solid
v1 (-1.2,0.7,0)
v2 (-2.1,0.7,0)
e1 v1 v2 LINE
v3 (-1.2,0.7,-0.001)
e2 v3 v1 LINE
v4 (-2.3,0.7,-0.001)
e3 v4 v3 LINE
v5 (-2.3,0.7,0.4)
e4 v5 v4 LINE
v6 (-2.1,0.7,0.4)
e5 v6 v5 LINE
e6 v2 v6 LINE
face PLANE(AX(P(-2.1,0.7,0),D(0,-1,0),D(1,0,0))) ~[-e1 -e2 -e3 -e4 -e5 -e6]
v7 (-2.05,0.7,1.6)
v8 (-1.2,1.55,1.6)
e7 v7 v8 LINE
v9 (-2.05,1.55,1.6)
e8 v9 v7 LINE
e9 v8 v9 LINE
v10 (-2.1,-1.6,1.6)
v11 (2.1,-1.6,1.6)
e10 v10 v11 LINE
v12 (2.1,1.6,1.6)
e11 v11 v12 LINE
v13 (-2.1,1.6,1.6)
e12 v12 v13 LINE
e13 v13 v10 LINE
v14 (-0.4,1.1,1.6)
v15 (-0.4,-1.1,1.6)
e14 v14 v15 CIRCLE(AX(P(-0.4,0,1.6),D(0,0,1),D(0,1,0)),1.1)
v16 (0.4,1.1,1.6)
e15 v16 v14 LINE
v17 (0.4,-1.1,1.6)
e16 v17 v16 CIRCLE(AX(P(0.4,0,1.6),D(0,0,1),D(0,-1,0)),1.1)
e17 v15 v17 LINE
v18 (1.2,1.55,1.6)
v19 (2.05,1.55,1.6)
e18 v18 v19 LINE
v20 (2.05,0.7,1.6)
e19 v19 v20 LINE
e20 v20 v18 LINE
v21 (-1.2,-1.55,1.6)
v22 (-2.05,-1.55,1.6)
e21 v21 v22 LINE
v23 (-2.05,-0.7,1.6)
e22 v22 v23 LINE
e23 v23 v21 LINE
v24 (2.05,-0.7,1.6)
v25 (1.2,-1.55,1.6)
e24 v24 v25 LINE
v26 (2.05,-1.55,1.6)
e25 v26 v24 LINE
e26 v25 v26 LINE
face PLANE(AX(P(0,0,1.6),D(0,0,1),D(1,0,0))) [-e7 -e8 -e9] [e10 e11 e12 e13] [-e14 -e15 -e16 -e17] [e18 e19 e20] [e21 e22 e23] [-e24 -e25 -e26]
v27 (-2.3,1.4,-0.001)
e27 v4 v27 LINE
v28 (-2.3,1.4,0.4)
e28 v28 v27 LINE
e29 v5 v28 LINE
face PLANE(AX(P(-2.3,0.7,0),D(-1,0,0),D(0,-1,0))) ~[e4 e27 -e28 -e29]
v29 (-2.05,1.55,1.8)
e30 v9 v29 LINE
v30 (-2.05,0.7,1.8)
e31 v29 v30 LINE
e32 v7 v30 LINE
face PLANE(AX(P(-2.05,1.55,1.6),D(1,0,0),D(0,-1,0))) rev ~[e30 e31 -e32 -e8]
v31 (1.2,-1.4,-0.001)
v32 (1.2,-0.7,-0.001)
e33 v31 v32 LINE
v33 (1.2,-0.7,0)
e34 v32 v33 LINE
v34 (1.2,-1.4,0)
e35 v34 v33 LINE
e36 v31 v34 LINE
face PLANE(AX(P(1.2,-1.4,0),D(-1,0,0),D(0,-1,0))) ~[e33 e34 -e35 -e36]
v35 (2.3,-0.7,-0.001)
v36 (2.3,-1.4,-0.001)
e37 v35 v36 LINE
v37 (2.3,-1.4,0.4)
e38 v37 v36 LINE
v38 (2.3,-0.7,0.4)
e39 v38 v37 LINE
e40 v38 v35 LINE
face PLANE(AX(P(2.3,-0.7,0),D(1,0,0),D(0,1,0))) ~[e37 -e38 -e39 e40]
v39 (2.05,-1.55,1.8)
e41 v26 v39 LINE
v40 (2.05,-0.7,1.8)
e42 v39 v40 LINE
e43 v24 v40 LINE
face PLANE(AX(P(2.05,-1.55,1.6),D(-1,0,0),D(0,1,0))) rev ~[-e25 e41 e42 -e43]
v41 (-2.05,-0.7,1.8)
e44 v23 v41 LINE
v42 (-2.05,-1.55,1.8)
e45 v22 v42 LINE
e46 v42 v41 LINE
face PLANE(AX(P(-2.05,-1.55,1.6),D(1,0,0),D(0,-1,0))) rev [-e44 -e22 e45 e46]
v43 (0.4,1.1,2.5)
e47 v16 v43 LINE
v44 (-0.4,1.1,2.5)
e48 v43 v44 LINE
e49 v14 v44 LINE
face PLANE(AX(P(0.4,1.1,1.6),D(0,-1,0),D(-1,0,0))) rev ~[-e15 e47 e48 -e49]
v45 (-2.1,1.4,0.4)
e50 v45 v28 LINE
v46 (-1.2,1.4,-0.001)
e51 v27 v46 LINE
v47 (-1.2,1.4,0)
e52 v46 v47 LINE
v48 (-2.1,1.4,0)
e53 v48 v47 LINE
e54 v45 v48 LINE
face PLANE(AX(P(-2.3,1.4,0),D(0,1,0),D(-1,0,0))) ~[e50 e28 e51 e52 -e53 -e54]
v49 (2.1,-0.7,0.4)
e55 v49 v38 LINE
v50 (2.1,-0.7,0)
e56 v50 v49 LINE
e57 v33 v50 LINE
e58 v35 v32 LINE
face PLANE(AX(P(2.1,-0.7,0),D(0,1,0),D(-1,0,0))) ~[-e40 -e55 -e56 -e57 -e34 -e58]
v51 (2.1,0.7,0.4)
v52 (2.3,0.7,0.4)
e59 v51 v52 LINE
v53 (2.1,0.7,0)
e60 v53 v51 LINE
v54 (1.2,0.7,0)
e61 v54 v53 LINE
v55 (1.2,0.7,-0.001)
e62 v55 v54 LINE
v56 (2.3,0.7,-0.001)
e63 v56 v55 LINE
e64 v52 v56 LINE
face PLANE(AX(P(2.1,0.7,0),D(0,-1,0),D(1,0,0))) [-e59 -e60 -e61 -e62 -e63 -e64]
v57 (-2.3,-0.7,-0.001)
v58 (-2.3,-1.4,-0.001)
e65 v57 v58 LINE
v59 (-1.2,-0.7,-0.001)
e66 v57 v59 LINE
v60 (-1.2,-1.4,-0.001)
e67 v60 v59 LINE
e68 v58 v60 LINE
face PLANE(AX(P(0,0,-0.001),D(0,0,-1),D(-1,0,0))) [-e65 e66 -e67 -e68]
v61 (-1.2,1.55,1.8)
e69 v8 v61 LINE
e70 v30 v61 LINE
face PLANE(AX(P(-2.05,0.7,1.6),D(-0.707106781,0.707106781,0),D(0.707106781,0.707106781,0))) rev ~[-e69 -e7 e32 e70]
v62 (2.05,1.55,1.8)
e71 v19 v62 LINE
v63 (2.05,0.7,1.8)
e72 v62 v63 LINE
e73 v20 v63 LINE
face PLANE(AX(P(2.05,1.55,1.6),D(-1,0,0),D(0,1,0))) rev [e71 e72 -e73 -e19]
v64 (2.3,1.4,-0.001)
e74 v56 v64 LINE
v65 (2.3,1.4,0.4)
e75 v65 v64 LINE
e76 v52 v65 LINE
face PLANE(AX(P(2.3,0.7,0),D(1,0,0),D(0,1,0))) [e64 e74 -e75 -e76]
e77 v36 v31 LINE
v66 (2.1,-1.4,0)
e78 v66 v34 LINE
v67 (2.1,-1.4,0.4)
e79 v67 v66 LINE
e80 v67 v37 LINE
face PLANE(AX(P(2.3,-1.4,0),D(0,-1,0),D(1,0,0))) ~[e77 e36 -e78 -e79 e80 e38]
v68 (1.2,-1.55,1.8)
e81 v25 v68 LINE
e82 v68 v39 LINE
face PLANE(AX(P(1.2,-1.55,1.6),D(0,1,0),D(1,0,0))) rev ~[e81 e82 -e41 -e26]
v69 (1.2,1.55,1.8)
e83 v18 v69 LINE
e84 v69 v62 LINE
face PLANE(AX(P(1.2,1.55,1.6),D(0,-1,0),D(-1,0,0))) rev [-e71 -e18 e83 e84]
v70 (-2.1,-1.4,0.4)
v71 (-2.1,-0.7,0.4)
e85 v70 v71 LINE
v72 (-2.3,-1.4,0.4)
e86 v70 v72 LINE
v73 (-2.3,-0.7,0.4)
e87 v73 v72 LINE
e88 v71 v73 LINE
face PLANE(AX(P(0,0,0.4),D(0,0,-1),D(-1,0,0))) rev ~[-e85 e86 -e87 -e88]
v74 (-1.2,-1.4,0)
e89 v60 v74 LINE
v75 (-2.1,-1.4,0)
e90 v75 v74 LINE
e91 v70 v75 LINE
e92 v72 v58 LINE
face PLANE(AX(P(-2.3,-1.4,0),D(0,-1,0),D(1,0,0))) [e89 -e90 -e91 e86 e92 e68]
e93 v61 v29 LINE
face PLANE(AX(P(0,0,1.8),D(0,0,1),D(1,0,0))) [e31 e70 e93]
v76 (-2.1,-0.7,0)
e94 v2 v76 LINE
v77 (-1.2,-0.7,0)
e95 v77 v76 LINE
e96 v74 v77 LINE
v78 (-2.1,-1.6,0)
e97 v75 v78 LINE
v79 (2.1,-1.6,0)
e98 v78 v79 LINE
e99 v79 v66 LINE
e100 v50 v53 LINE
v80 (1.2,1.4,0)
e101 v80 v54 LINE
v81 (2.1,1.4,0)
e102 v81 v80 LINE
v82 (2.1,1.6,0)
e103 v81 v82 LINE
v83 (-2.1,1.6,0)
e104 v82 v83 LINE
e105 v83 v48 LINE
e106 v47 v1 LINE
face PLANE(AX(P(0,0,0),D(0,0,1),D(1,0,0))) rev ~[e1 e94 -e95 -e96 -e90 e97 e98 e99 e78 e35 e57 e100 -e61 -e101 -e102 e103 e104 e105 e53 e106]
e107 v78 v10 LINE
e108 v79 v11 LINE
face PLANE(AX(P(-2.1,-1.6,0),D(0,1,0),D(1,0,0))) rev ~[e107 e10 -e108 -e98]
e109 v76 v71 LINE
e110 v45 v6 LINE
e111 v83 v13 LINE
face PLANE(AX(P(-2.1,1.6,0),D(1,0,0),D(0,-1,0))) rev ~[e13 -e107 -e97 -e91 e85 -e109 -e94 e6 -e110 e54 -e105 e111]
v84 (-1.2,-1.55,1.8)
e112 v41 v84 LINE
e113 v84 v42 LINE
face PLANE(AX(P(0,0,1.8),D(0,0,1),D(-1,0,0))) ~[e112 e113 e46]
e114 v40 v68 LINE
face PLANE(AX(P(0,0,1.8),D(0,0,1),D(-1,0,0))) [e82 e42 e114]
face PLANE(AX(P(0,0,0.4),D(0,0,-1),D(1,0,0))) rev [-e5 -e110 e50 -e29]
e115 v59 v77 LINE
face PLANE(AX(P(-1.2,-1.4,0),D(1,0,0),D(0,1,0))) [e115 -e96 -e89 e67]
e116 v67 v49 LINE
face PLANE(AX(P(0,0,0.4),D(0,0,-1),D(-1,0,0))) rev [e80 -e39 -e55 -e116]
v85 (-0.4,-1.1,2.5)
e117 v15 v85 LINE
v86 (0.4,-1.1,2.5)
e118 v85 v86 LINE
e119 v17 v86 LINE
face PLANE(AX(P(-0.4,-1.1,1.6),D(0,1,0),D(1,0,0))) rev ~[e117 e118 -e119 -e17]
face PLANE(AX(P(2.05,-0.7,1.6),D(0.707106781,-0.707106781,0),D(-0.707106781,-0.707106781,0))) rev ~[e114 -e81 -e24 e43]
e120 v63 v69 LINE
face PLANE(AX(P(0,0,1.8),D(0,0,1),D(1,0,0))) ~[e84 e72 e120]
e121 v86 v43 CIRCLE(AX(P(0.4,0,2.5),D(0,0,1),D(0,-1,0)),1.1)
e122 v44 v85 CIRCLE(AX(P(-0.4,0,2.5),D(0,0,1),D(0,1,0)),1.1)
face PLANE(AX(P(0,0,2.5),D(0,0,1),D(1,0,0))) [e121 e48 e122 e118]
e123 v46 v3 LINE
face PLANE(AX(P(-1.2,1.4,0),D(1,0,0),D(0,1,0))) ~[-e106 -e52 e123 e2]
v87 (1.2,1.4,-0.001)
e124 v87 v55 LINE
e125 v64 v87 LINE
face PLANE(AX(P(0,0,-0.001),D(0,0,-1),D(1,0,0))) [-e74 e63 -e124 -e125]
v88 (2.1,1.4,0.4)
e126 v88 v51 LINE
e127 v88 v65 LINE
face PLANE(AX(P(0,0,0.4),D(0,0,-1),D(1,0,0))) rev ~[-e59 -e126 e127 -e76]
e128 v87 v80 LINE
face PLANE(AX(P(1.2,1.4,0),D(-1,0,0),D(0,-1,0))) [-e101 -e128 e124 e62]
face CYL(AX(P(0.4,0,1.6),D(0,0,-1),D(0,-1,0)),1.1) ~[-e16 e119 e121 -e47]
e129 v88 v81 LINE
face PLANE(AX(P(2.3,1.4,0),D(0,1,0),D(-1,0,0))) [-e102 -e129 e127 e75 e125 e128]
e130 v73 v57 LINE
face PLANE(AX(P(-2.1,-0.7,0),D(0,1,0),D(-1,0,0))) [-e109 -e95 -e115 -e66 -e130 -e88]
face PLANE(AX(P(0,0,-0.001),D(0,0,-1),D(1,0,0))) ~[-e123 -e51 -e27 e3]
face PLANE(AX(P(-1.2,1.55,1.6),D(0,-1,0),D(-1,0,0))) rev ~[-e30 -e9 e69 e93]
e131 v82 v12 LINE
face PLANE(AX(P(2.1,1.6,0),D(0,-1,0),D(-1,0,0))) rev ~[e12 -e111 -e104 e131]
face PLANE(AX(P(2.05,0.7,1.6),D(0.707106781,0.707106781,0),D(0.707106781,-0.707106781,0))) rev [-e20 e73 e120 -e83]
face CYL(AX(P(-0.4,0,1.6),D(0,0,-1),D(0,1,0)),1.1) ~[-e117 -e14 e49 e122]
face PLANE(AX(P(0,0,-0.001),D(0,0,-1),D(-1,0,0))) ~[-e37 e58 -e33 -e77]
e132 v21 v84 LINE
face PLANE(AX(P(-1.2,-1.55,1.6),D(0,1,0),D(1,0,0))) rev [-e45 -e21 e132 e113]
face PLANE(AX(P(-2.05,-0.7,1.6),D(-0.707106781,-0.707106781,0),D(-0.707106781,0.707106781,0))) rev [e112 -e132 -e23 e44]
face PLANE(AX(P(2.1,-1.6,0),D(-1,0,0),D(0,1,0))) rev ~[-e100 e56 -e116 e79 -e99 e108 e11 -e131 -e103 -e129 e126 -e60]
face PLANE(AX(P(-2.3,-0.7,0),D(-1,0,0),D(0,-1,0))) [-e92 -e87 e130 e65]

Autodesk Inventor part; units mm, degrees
ref_plane "YZ Plane" through (0, 0, 0) normal (1, 0, 0) x (0, 1, 0)
ref_plane "XZ Plane" through (0, 0, 0) normal (0, 1, 0) x (-1, 0, 0)
ref_plane "XY Plane" through (0, 0, 0) normal (0, 0, 1) x (1, 0, 0)
sketch "スケッチ1" plane through (0, 0, 0) normal (0, 0, 1) x (1, 0, 0)
  line L0 (-2.1, -1.6) -> (2.1, -1.6)
  line L1 (2.1, -1.6) -> (2.1, 1.6)
  line L2 (2.1, 1.6) -> (-2.1, 1.6)
  line L3 (-2.1, 1.6) -> (-2.1, -1.6)
  line L4 (-2.1, -1.6) -> (2.1, 1.6) construction
  line L5 (2.1, -1.6) -> (-2.1, 1.6) construction
  point P0 (0, 0)
  point P1 (0, 0)
  point P2 (0, 0)
  dimension "d0" = 4.2
  dimension "d1" = 3.2
extrude "押し出し1" add sketch "スケッチ1" along normal blind 1.6
sketch "スケッチ2" plane through (0, 0, 1.6) normal (0, 0, 1) x (1, 0, 0)
  line L0 (-0.4, 0) -> (0.4, 0) construction
  line L1 (-0.4, -1.1) -> (0.4, -1.1)
  line L2 (0.4, 1.1) -> (-0.4, 1.1)
  arc A0 (-0.4, 1.1) -> (-0.4, -1.1) centre (-0.4, 0) ccw
  arc A1 (0.4, -1.1) -> (0.4, 1.1) centre (0.4, 0) ccw
  point P0 (0, 0)
  point P1 (0, 0)
  dimension "d4" = 2.2
  dimension "d5" = 3
extrude "押し出し2" add sketch "スケッチ2" along normal blind 0.9
sketch "スケッチ3" plane through (0, 0, 1.6) normal (0, 0, 1) x (1, 0, 0)
  line L0 (-2.05, 1.55) -> (-2.05, 0.7)
  line L1 (-2.05, 0.7) -> (-1.2, 1.55)
  line L2 (-1.2, 1.55) -> (-2.05, 1.55)
  line L3 (2.1, 1.6) -> (-2.1, 1.6) projected
  line L4 (-2.1, 1.6) -> (-2.1, -1.6) projected
  point P0 (0, 0)
  dimension "d8" = 0.05
  dimension "d9" = 0.05
  dimension "d10" = 0.7
extrude "押し出し3" add sketch "スケッチ3" along normal blind 0.2
mirror "ミラー1" about plane through (0, 0, 0) normal (1, 0, 0) of "押し出し3"
mirror "ミラー2" about plane through (0, 0, 0) normal (0, 1, 0) of "押し出し3", "ミラー1"
sketch "スケッチ4" plane through (0, 0, 0) normal (0, 0, -1) x (-1, 0, 0)
  line L0 (2.3, -1.4) -> (1.2, -1.4)
  line L1 (1.2, -1.4) -> (1.2, -0.7)
  line L2 (1.2, -0.7) -> (2.3, -0.7)
  line L3 (2.3, -0.7) -> (2.3, -1.4)
  line L4 (0, 2.24) -> (0, -2.24) projected
  line L5 (2.1, -1.6) -> (-2.1, -1.6) projected
  line L6 (2.1, 1.6) -> (2.1, -1.6) projected
  point P0 (0, 0)
  dimension "d13" = 2.3
  dimension "d14" = 0.7
  dimension "d15" = 0.2
  dimension "d16" = 0.9
extrude "押し出し4" add sketch "スケッチ4" along normal blind 0.001 and the other way blind 0.4
mirror "ミラー3" about plane through (0, 0, 0) normal (-1, 0, 0) of "押し出し4"
mirror "ミラー4" about plane through (0, 0, 0) normal (0, 1, 0) of "押し出し4", "ミラー3"
ref_plane "作業平面1" through (0, 0, 0) normal (1, 0, 0) x (0, 1, 0)
ref_plane "作業平面2" through (0, 0, 0) normal (-1, 0, 0) x (0, -1, 0)
ref_plane "作業平面3" through (0, 0, 0) normal (-1, 0, 0) x (0, -1, 0)
properties part number "Circuit_TactSwitch_SKRPACE010"
